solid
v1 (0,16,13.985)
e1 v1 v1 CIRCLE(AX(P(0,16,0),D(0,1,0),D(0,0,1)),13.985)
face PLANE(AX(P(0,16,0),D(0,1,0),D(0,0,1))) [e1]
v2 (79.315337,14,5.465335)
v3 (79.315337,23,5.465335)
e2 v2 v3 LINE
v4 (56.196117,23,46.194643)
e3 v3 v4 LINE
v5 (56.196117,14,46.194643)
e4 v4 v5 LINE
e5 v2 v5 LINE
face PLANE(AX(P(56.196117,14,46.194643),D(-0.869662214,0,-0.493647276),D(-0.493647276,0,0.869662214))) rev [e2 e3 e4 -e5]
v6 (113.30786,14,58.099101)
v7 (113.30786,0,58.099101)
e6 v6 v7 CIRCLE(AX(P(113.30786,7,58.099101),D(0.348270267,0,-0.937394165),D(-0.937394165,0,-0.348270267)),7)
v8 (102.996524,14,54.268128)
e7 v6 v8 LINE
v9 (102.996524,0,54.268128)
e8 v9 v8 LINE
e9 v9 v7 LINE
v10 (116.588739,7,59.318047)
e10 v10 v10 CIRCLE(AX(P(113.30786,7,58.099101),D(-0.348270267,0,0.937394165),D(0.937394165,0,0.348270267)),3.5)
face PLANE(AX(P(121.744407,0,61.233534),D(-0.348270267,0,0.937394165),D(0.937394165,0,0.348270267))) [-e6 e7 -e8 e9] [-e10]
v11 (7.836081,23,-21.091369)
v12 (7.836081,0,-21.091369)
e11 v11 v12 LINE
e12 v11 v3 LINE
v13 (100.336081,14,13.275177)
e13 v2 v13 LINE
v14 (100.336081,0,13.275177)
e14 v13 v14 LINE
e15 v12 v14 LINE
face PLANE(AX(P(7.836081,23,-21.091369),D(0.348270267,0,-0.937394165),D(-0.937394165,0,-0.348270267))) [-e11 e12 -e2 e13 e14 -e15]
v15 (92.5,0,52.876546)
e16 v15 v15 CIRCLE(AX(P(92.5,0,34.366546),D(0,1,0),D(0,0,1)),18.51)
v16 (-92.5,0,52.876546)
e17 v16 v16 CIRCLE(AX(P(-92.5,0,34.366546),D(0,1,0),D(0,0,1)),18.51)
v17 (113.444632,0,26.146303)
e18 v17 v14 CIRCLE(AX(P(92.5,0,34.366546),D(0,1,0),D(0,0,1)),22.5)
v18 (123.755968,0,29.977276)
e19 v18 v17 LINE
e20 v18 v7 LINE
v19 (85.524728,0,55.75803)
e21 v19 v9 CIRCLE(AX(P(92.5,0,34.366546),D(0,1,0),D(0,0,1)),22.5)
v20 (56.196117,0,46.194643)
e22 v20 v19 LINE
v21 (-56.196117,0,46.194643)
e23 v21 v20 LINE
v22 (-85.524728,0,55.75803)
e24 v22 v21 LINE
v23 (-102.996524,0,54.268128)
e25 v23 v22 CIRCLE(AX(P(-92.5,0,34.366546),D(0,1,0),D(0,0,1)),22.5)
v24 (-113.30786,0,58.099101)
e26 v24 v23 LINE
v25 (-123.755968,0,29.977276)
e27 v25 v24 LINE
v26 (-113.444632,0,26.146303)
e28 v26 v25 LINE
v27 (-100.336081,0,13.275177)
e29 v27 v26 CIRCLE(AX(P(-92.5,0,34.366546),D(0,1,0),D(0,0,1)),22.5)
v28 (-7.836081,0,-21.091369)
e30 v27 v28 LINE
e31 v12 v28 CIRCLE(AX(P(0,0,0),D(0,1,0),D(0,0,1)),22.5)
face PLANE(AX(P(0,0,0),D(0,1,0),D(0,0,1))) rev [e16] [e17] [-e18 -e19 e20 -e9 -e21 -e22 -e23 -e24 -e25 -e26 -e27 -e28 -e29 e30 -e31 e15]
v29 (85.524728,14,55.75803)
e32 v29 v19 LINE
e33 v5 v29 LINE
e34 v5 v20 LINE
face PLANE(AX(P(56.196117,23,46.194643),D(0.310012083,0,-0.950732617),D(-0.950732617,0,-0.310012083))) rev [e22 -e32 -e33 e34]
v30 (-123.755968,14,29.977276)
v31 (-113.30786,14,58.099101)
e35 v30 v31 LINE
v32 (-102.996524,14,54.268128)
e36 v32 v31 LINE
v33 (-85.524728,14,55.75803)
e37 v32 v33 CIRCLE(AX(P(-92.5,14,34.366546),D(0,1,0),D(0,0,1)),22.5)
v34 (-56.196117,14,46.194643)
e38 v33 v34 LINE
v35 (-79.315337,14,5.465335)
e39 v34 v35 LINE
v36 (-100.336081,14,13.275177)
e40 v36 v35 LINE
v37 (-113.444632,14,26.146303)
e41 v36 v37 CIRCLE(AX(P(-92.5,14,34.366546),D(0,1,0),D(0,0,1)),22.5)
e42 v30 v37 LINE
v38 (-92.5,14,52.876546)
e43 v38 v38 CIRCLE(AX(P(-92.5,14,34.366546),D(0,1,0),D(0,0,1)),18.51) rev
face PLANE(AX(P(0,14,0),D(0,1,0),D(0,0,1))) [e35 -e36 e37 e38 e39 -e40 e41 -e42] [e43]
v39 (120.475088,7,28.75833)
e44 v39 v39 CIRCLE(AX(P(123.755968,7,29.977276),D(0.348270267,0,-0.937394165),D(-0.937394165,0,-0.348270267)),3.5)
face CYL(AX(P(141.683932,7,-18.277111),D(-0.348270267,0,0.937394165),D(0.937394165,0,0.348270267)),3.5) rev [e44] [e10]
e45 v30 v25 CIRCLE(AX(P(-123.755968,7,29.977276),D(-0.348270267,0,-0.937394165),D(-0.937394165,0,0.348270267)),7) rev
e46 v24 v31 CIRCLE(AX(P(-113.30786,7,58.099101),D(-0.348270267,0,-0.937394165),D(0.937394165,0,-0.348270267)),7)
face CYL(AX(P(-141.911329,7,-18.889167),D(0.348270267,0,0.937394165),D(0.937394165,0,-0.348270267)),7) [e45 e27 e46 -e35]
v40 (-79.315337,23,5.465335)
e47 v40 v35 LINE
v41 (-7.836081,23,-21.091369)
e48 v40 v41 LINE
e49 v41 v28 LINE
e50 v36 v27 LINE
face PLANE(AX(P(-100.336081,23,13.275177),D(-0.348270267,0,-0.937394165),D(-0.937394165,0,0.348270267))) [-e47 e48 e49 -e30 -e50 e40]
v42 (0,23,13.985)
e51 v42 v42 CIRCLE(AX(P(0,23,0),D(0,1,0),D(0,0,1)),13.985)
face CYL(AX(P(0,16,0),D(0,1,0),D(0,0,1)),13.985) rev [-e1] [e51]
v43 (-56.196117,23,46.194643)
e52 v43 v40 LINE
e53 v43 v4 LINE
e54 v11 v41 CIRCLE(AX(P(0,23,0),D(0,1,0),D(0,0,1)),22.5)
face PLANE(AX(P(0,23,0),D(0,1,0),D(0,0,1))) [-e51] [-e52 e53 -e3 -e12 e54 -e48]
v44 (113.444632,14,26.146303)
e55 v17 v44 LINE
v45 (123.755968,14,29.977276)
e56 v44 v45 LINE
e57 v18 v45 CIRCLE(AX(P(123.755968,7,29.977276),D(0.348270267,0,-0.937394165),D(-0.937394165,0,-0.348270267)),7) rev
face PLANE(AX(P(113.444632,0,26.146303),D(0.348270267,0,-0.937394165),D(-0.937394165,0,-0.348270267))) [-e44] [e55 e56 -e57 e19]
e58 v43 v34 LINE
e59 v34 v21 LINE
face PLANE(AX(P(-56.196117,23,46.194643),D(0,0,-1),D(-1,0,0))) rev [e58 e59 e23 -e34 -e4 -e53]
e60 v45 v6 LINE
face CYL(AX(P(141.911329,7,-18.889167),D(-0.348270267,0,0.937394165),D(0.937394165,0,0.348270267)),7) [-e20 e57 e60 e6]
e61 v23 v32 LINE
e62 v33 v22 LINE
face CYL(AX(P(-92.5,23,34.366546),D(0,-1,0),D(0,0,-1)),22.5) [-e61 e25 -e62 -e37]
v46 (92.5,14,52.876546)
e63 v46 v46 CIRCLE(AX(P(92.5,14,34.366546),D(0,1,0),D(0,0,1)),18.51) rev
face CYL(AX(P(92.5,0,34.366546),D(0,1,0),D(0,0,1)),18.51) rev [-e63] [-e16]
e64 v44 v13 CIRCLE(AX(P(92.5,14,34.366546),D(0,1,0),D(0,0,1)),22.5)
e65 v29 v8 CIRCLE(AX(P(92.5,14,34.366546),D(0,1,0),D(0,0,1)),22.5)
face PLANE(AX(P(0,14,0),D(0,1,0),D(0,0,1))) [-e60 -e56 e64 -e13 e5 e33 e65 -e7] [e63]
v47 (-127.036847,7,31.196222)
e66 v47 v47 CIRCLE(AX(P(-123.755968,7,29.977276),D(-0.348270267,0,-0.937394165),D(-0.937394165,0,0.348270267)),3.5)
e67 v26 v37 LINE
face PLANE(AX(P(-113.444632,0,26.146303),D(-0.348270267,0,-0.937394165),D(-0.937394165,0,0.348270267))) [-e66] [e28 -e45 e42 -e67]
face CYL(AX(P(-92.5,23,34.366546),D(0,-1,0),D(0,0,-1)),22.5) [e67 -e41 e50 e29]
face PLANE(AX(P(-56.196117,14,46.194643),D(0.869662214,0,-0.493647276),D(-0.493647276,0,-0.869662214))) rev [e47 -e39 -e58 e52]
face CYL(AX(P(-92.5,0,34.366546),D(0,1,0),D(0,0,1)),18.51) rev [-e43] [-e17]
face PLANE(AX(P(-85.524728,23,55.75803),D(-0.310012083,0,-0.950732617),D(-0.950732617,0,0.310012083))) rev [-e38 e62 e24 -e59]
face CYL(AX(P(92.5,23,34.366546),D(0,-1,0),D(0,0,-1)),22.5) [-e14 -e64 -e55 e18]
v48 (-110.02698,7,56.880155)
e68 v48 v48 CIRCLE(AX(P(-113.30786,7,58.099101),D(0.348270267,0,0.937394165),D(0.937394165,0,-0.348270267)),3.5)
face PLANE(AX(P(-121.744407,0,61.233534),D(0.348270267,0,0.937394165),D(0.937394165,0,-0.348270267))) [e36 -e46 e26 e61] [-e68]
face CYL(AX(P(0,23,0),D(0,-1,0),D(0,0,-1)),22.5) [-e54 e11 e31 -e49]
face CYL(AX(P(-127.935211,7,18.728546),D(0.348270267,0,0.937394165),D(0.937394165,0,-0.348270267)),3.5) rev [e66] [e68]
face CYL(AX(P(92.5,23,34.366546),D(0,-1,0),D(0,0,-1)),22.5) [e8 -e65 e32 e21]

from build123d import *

# Parameters (mm, degrees)
BOSS_EXTRUDE1_DEPTH = 23
SKETCH2_R           = 18.51
CUT_EXTRUDE1_DEPTH  = 24
SKETCH3_R           = 13.985
CUT_EXTRUDE2_DEPTH  = 7
BOSS_EXTRUDE2_DEPTH = 23
CUT_EXTRUDE3_DEPTH  = 83.130091318
SKETCH10_R          = 3.5
CUT_EXTRUDE5_DEPTH  = 42
CUT_EXTRUDE8_DEPTH  = 83.130091318
CUT_EXTRUDE9_DEPTH  = 9
SKETCH15_R          = 3.5
CUT_EXTRUDE10_DEPTH = 82.477158286


with BuildPart() as part:
    # Sketch1 → Boss-Extrude1 (new body)
    with BuildSketch(Plane(origin=(0, 0, 0), x_dir=(1, 0, 0), z_dir=(0, 1, 0))):
        with BuildLine():
            Line((-100.336081003, -13.275177251), (-7.836081003, 21.091368721))
            ThreePointArc((-7.836081003, 21.091368721), (0, 22.5), (7.836081003, 21.091368721))
            Line((7.836081003, 21.091368721), (100.336081003, -13.275177251))
            ThreePointArc((100.336081003, -13.275177251), (113.745786388, -41.773742524), (85.524728129, -55.758029845))
            Line((85.524728129, -55.758029845), (56.196116933, -46.194642944))
            Line((56.196116933, -46.194642944), (-56.196116933, -46.194642944))
            Line((-56.196116933, -46.194642944), (-85.524728129, -55.758029845))
            ThreePointArc((-85.524728129, -55.758029845), (-113.745786388, -41.773742524), (-100.336081003, -13.275177251))
        make_face()
    extrude(amount=BOSS_EXTRUDE1_DEPTH)

    # Sketch2 → Cut-Extrude1 (cut, through all)
    with BuildSketch(Plane(origin=(0, 23, 0), x_dir=(1, 0, 0), z_dir=(0, 1, 0))):
        with Locations((-92.5, -34.366545972)):
            Circle(SKETCH2_R)
        with Locations((92.5, -34.366545972)):
            Circle(SKETCH2_R)
    extrude(amount=-CUT_EXTRUDE1_DEPTH, mode=Mode.SUBTRACT)

    # Sketch3 → Cut-Extrude2 (cut)
    with BuildSketch(Plane(origin=(0, 23, 0), x_dir=(1, 0, 0), z_dir=(0, 1, 0))):
        Circle(SKETCH3_R)
    extrude(amount=-CUT_EXTRUDE2_DEPTH, mode=Mode.SUBTRACT)

    # Sketch4 → Boss-Extrude2 (add)
    with BuildSketch(Plane(origin=(0, 23, 0), x_dir=(1, 0, 0), z_dir=(0, 1, 0))):
        with BuildLine():
            Line((-113.444632068, -26.146303424), (-132.192515375, -33.11170876))
            Line((-132.192515375, -33.11170876), (-121.744407372, -61.233533721))
            Line((-121.744407372, -61.233533721), (-102.996524064, -54.268128385))
            ThreePointArc((-102.996524064, -54.268128385), (-113.591368721, -42.202626974), (-113.444632068, -26.146303424))
        make_face()
        with BuildLine():
            Line((113.444632068, -26.146303424), (132.192515375, -33.11170876))
            Line((132.192515375, -33.11170876), (121.744407372, -61.233533721))
            Line((121.744407372, -61.233533721), (102.996524064, -54.268128385))
            ThreePointArc((102.996524064, -54.268128385), (113.591368721, -42.202626974), (113.444632068, -26.146303424))
        make_face()
    extrude(amount=-BOSS_EXTRUDE2_DEPTH)

    # Sketch5 → Cut-Extrude3 (cut, through all)
    with BuildSketch(Plane(origin=(5.224054002, 0, 14.060912481), x_dir=(0.937394165, 0, -0.348270267), z_dir=(0.348270267, 0, 0.937394165))):
        with BuildLine():
            Line((-135.448316262, 0), (-135.448316262, 14))
            Line((-135.448316262, 14), (-126.448316262, 14))
            ThreePointArc((-126.448316262, 14), (-133.448316262, 7), (-126.448316262, 0))
            Line((-126.448316262, 0), (-135.448316262, 0))
        make_face()
    extrude(amount=-CUT_EXTRUDE3_DEPTH, mode=Mode.SUBTRACT)

    # Sketch10 → Cut-Extrude5 (cut)
    with BuildSketch(Plane(origin=(5.224054002, 0, 14.060912481), x_dir=(0.937394165, 0, -0.348270267), z_dir=(0.348270267, 0, 0.937394165))):
        with Locations((-126.448316262, 7)):
            Circle(SKETCH10_R)
    extrude(amount=-CUT_EXTRUDE5_DEPTH, mode=Mode.SUBTRACT)

    # Sketch13 → Cut-Extrude8 (cut, through all)
    with BuildSketch(Plane(origin=(-5.224054002, 0, 14.060912481), x_dir=(0.937394165, 0, 0.348270267), z_dir=(-0.348270267, 0, 0.937394165))):
        with BuildLine():
            Line((126.448316262, 14), (135.448316262, 14))
            Line((135.448316262, 14), (135.448316262, 0))
            Line((135.448316262, 0), (126.448316262, 0))
            ThreePointArc((126.448316262, 0), (133.448316262, 7), (126.448316262, 14))
        make_face()
    extrude(amount=-CUT_EXTRUDE8_DEPTH, mode=Mode.SUBTRACT)

    # Sketch14 → Cut-Extrude9 (cut)
    with BuildSketch(Plane(origin=(0, 23, 0), x_dir=(1, 0, 0), z_dir=(0, 1, 0))):
        Polygon((-56.196116933, -46.194642944), (-93.033770242, 18.702535116), (-179.483612129, -24.236128073), (-123.538544412, -84.420295749), align=None)
        Polygon((179.483612129, -24.236128073), (123.538544412, -84.420295749), (56.196116933, -46.194642944), (93.033770242, 18.702535116), align=None)
    extrude(amount=-CUT_EXTRUDE9_DEPTH, mode=Mode.SUBTRACT)

    # Sketch15 → Cut-Extrude10 (cut, through all)
    with BuildSketch(Plane(origin=(-5.224054002, 0, 14.060912481), x_dir=(0.937394165, 0, 0.348270267), z_dir=(-0.348270267, 0, 0.937394165))):
        with Locations((126.448316262, 7)):
            Circle(SKETCH15_R)
    extrude(amount=-CUT_EXTRUDE10_DEPTH, mode=Mode.SUBTRACT)


solid = part.part
